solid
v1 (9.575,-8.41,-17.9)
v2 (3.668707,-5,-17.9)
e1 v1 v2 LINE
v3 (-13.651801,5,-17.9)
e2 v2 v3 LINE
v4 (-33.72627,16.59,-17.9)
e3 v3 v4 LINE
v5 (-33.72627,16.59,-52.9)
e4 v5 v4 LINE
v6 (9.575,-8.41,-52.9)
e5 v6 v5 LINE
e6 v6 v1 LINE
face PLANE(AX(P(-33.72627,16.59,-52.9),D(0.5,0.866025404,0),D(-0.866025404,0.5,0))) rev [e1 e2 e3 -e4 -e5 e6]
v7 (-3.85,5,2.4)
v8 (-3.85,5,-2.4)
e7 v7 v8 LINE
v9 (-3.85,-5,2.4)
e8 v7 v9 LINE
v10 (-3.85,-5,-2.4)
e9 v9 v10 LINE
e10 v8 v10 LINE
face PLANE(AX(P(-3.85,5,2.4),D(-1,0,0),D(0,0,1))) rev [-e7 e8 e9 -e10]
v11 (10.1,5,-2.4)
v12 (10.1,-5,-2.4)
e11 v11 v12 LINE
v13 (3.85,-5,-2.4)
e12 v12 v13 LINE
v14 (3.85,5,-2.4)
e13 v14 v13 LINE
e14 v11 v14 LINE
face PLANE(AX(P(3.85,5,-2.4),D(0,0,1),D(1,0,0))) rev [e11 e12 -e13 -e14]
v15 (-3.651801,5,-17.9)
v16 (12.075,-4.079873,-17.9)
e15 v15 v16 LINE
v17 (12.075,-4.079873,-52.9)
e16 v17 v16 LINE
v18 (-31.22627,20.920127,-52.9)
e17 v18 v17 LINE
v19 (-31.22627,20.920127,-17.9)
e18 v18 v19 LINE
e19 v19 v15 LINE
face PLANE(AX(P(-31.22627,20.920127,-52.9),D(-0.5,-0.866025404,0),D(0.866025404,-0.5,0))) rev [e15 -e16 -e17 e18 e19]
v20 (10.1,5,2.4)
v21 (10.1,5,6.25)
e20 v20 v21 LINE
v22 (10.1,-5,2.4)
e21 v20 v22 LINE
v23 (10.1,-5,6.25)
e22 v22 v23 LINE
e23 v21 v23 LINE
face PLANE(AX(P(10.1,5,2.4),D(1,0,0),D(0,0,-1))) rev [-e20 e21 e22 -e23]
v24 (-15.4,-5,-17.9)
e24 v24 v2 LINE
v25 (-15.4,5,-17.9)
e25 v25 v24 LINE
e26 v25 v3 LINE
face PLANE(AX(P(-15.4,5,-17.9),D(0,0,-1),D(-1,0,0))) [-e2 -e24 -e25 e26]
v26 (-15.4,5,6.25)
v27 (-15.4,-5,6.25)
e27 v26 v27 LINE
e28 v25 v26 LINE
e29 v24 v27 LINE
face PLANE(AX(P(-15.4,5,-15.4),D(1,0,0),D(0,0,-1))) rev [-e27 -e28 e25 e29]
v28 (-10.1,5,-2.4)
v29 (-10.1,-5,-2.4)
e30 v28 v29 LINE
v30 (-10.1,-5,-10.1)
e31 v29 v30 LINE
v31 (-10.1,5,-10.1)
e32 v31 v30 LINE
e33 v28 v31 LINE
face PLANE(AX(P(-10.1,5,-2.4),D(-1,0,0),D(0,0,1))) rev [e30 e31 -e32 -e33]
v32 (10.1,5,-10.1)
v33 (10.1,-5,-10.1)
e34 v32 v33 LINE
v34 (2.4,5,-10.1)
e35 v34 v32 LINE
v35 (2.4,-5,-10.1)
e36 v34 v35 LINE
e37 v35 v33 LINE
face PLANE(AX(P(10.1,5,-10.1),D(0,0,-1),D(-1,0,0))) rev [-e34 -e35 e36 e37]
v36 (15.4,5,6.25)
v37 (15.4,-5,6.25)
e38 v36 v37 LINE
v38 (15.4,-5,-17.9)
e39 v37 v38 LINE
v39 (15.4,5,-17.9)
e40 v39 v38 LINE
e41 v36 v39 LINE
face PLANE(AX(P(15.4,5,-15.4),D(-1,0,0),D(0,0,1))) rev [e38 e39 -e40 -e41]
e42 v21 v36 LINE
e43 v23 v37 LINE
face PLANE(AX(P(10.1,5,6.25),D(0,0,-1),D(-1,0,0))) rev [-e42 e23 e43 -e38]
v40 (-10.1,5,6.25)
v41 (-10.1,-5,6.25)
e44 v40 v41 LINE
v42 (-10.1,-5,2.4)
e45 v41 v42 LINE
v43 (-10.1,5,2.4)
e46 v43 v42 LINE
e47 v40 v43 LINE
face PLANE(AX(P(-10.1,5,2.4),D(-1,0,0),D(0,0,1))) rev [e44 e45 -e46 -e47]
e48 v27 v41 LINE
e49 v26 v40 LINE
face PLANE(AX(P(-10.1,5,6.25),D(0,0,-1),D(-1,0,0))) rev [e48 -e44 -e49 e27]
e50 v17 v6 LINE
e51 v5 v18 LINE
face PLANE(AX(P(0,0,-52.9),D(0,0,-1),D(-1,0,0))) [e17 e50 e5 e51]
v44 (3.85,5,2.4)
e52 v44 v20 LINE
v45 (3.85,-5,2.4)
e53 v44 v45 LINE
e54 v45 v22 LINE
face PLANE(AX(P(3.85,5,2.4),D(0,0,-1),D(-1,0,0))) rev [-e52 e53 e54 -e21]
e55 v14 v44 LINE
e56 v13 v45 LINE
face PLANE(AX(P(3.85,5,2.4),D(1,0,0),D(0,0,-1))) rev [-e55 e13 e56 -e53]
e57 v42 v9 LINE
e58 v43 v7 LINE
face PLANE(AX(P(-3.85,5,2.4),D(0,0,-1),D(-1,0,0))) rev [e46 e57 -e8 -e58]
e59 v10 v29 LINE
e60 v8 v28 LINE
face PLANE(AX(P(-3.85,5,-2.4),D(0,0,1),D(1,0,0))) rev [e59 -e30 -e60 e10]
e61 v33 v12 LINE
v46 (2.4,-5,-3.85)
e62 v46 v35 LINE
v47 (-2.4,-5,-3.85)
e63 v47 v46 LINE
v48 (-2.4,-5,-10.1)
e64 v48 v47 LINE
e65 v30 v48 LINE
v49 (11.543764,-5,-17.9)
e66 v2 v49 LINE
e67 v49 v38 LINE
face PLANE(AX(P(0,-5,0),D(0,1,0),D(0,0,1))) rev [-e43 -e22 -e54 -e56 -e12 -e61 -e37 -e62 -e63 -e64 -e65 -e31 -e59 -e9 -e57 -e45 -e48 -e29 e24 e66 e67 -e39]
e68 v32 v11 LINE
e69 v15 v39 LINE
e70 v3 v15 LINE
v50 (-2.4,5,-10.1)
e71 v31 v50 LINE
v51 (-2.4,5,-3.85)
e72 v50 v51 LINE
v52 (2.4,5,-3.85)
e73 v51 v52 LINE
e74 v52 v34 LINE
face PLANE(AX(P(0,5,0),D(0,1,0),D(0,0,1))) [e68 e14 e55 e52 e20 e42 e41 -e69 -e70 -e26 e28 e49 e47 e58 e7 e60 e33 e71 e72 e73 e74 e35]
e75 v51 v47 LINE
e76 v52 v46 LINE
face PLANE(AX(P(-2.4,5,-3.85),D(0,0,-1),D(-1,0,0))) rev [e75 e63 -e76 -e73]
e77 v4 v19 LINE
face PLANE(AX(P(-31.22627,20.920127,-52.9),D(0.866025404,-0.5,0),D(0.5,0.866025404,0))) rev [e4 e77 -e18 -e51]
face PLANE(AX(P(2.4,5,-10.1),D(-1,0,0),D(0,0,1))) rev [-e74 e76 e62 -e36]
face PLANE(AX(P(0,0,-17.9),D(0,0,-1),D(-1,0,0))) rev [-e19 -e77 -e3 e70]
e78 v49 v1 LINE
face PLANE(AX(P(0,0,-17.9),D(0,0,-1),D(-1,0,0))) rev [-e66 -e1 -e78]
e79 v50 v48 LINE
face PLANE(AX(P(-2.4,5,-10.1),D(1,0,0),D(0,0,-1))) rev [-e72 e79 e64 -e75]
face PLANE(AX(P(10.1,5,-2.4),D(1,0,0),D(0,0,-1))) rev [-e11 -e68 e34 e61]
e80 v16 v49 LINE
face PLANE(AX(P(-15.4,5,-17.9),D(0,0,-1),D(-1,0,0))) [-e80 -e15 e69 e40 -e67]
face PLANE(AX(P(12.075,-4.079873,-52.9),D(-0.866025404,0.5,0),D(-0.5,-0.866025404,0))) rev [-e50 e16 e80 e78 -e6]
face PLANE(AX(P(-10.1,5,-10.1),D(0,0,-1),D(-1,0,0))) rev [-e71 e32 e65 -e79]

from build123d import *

# Parameters (mm, degrees)
BOSS_EXTRU_1_DEPTH = 5
ESQUISSE14_W       = 30.8
ESQUISSE14_H       = 2.5
BOSS_EXTRU_3_DEPTH = 10
BOSS_EXTRU_5_DEPTH = 35


with BuildPart() as part:
    # Base → Boss.-Extru.1 (new, symmetric)
    with BuildSketch(Plane(origin=(0, 0, 0), x_dir=(1, 0, 0), z_dir=(0, 1, 0))):
        Polygon((-3.85, -2.4), (-3.85, 2.4), (-10.1, 2.4), (-10.1, 10.1), (-2.4, 10.1), (-2.4, 3.85), (2.4, 3.85), (2.4, 10.1), (10.1, 10.1), (10.1, 2.4), (3.85, 2.4), (3.85, -2.4), (10.1, -2.4), (10.1, -6.25), (15.4, -6.25), (15.4, 15.4), (-15.4, 15.4), (-15.4, -6.25), (-10.1, -6.25), (-10.1, -2.4), align=None)
    extrude(amount=BOSS_EXTRU_1_DEPTH, both=True)

    # Esquisse14 → Boss.-Extru.3 (add)
    with BuildSketch(Plane.XZ.offset(5)):
        with Locations((0, -16.65)):
            Rectangle(ESQUISSE14_W, ESQUISSE14_H)
    extrude(amount=-BOSS_EXTRU_3_DEPTH)

    # Esquisse16 → Boss.-Extru.5 (add)
    with BuildSketch(Plane(origin=(0, 0, -17.9), x_dir=(-1, 0, 0), z_dir=(0, 0, -1))):
        Polygon((31.226270189, 20.920127019), (33.726270189, 16.59), (-9.575, -8.41), (-12.075, -4.079872981), align=None)
    extrude(amount=BOSS_EXTRU_5_DEPTH)


solid = part.part
